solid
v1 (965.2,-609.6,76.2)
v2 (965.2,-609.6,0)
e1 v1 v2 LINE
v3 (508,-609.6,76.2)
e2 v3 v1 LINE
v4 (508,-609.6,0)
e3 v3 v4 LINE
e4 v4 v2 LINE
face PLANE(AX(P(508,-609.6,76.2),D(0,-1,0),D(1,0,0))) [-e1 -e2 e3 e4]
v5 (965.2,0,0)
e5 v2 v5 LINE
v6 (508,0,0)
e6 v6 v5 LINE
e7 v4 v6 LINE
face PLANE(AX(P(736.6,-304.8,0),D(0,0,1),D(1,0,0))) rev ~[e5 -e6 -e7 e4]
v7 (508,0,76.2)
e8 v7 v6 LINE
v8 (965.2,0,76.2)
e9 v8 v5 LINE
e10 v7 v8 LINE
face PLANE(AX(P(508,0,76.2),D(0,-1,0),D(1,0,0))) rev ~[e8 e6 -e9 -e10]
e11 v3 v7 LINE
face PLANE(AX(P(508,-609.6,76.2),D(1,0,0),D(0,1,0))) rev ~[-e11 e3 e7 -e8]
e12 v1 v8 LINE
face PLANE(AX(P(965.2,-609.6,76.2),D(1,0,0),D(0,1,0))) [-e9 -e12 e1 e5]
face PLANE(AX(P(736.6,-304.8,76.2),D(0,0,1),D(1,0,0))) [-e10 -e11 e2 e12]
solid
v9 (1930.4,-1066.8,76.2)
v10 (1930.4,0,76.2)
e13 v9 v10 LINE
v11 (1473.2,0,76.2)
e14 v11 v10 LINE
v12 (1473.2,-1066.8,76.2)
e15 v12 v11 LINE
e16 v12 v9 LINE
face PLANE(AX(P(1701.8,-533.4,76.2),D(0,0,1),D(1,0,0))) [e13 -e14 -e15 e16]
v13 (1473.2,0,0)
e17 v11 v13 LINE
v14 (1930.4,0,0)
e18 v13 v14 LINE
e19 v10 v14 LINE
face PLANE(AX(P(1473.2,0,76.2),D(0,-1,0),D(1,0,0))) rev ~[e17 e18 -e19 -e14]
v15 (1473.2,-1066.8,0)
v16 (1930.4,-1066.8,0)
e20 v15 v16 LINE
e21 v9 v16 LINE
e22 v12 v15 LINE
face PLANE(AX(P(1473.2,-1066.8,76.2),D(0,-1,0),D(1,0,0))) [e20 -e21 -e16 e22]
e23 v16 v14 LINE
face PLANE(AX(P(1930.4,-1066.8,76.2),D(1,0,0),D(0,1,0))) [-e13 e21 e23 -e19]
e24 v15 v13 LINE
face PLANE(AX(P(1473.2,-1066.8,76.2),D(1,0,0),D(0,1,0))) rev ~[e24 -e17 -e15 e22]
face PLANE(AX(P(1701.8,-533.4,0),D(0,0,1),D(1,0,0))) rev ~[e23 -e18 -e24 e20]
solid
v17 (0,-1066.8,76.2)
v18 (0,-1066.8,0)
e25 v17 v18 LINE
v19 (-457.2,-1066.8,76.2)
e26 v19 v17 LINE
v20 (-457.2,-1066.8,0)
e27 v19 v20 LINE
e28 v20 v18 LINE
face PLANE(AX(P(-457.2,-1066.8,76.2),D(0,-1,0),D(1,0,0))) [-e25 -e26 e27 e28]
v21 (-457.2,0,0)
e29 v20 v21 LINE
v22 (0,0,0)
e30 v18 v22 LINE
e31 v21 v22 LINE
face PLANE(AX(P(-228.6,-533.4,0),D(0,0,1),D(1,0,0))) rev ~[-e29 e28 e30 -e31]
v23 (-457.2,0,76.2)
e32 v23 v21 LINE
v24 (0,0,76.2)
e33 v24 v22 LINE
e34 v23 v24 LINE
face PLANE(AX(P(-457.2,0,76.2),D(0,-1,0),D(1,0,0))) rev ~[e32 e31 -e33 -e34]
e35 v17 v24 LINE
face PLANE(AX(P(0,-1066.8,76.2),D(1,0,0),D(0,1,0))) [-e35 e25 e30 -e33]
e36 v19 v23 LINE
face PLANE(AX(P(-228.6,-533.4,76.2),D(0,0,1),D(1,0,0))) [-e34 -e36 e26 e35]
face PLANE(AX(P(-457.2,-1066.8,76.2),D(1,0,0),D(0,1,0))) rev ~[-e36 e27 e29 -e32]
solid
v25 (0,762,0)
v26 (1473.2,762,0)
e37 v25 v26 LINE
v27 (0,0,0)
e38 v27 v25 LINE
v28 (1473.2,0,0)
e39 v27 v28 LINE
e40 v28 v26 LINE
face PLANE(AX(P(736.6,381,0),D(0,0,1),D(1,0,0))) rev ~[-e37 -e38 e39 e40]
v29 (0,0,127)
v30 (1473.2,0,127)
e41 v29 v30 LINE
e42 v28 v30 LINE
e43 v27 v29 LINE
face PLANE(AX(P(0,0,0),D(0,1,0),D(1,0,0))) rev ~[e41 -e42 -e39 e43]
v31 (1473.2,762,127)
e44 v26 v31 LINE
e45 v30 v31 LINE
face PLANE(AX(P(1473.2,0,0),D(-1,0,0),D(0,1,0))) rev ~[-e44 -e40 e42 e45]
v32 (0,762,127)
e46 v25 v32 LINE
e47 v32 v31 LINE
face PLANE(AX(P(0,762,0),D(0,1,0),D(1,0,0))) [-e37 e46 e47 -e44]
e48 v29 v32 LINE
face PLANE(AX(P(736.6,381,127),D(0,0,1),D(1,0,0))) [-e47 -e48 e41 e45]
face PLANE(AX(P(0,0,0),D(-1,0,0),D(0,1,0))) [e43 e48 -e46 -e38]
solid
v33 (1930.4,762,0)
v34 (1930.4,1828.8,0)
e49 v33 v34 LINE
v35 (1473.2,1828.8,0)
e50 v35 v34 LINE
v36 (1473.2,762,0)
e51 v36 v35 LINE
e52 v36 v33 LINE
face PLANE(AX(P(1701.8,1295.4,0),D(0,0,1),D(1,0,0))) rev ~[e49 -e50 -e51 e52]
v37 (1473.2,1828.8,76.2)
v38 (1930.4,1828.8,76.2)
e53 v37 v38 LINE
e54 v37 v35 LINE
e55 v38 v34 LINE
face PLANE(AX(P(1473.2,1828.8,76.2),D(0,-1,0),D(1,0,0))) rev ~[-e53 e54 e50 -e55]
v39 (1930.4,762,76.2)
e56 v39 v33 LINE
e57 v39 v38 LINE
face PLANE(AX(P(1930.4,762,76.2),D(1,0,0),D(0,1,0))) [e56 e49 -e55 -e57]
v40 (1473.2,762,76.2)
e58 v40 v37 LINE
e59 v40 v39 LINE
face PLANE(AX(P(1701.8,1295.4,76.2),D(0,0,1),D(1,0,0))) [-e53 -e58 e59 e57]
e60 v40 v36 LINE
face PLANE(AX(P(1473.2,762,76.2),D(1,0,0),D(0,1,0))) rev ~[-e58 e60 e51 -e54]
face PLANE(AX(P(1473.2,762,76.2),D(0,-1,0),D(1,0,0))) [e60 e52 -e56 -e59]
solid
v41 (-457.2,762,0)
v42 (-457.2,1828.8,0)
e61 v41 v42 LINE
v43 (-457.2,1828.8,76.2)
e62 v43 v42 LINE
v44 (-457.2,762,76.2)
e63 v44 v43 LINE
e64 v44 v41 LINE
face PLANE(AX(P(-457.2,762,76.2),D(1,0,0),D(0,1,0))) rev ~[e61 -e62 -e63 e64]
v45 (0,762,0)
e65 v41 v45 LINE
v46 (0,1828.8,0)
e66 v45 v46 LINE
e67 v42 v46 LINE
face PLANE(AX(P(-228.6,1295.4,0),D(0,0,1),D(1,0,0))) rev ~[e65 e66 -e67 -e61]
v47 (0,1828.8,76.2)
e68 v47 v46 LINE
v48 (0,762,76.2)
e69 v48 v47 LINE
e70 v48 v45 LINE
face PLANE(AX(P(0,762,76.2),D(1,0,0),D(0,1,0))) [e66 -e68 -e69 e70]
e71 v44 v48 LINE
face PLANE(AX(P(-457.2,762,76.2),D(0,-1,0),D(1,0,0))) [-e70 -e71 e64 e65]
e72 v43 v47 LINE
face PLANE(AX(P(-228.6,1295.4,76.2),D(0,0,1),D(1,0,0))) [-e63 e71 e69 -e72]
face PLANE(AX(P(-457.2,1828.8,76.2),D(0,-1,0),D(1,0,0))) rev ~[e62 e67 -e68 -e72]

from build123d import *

# Parameters (mm, degrees)
F0_W     = 1473.2
F0_H     = 762
F1_DEPTH = 127
F3_START = -50.8
F2_W     = 457.2
F2_H     = 1066.8
F3_DEPTH = 76.2
F5_START = -50.8
F4_W     = 457.2
F4_H     = 609.6
F5_DEPTH = 76.2


with BuildPart() as f1:
    # F0 (on Top) → F1 (new body)
    with BuildSketch(Plane.XY):
        with Locations((736.6, 381)):
            Rectangle(F0_W, F0_H)
    extrude(amount=F1_DEPTH)


with BuildPart() as f3:
    # F2 (on face) → F3 (new body)
    with BuildSketch(Plane.XY.offset(127).offset(F3_START)):
        with Locations((1701.8, 1295.4)):
            Rectangle(F2_W, F2_H)
    extrude(amount=-F3_DEPTH)


with BuildPart() as f3b:
    # F2 (on face) → F3, piece 2 (new body)
    with BuildSketch(Plane.XY.offset(127).offset(F3_START)):
        with Locations((-228.6, 1295.4)):
            Rectangle(F2_W, F2_H)
    extrude(amount=-F3_DEPTH)


with BuildPart() as f3c:
    # F2 (on face) → F3, piece 3 (new body)
    with BuildSketch(Plane.XY.offset(127).offset(F3_START)):
        with Locations((-228.6, -533.4)):
            Rectangle(F2_W, F2_H)
    extrude(amount=-F3_DEPTH)


with BuildPart() as f3d:
    # F2 (on face) → F3, piece 4 (new body)
    with BuildSketch(Plane.XY.offset(127).offset(F3_START)):
        with Locations((1701.8, -533.4)):
            Rectangle(F2_W, F2_H)
    extrude(amount=-F3_DEPTH)


with BuildPart() as f5:
    # F4 (on face) → F5 (new body)
    with BuildSketch(Plane.XY.offset(127).offset(F5_START)):
        with Locations((736.6, -304.8)):
            Rectangle(F4_W, F4_H)
    extrude(amount=-F5_DEPTH)


solid = Compound([f1.part, f3.part, f3b.part, f3c.part, f3d.part, f5.part])
